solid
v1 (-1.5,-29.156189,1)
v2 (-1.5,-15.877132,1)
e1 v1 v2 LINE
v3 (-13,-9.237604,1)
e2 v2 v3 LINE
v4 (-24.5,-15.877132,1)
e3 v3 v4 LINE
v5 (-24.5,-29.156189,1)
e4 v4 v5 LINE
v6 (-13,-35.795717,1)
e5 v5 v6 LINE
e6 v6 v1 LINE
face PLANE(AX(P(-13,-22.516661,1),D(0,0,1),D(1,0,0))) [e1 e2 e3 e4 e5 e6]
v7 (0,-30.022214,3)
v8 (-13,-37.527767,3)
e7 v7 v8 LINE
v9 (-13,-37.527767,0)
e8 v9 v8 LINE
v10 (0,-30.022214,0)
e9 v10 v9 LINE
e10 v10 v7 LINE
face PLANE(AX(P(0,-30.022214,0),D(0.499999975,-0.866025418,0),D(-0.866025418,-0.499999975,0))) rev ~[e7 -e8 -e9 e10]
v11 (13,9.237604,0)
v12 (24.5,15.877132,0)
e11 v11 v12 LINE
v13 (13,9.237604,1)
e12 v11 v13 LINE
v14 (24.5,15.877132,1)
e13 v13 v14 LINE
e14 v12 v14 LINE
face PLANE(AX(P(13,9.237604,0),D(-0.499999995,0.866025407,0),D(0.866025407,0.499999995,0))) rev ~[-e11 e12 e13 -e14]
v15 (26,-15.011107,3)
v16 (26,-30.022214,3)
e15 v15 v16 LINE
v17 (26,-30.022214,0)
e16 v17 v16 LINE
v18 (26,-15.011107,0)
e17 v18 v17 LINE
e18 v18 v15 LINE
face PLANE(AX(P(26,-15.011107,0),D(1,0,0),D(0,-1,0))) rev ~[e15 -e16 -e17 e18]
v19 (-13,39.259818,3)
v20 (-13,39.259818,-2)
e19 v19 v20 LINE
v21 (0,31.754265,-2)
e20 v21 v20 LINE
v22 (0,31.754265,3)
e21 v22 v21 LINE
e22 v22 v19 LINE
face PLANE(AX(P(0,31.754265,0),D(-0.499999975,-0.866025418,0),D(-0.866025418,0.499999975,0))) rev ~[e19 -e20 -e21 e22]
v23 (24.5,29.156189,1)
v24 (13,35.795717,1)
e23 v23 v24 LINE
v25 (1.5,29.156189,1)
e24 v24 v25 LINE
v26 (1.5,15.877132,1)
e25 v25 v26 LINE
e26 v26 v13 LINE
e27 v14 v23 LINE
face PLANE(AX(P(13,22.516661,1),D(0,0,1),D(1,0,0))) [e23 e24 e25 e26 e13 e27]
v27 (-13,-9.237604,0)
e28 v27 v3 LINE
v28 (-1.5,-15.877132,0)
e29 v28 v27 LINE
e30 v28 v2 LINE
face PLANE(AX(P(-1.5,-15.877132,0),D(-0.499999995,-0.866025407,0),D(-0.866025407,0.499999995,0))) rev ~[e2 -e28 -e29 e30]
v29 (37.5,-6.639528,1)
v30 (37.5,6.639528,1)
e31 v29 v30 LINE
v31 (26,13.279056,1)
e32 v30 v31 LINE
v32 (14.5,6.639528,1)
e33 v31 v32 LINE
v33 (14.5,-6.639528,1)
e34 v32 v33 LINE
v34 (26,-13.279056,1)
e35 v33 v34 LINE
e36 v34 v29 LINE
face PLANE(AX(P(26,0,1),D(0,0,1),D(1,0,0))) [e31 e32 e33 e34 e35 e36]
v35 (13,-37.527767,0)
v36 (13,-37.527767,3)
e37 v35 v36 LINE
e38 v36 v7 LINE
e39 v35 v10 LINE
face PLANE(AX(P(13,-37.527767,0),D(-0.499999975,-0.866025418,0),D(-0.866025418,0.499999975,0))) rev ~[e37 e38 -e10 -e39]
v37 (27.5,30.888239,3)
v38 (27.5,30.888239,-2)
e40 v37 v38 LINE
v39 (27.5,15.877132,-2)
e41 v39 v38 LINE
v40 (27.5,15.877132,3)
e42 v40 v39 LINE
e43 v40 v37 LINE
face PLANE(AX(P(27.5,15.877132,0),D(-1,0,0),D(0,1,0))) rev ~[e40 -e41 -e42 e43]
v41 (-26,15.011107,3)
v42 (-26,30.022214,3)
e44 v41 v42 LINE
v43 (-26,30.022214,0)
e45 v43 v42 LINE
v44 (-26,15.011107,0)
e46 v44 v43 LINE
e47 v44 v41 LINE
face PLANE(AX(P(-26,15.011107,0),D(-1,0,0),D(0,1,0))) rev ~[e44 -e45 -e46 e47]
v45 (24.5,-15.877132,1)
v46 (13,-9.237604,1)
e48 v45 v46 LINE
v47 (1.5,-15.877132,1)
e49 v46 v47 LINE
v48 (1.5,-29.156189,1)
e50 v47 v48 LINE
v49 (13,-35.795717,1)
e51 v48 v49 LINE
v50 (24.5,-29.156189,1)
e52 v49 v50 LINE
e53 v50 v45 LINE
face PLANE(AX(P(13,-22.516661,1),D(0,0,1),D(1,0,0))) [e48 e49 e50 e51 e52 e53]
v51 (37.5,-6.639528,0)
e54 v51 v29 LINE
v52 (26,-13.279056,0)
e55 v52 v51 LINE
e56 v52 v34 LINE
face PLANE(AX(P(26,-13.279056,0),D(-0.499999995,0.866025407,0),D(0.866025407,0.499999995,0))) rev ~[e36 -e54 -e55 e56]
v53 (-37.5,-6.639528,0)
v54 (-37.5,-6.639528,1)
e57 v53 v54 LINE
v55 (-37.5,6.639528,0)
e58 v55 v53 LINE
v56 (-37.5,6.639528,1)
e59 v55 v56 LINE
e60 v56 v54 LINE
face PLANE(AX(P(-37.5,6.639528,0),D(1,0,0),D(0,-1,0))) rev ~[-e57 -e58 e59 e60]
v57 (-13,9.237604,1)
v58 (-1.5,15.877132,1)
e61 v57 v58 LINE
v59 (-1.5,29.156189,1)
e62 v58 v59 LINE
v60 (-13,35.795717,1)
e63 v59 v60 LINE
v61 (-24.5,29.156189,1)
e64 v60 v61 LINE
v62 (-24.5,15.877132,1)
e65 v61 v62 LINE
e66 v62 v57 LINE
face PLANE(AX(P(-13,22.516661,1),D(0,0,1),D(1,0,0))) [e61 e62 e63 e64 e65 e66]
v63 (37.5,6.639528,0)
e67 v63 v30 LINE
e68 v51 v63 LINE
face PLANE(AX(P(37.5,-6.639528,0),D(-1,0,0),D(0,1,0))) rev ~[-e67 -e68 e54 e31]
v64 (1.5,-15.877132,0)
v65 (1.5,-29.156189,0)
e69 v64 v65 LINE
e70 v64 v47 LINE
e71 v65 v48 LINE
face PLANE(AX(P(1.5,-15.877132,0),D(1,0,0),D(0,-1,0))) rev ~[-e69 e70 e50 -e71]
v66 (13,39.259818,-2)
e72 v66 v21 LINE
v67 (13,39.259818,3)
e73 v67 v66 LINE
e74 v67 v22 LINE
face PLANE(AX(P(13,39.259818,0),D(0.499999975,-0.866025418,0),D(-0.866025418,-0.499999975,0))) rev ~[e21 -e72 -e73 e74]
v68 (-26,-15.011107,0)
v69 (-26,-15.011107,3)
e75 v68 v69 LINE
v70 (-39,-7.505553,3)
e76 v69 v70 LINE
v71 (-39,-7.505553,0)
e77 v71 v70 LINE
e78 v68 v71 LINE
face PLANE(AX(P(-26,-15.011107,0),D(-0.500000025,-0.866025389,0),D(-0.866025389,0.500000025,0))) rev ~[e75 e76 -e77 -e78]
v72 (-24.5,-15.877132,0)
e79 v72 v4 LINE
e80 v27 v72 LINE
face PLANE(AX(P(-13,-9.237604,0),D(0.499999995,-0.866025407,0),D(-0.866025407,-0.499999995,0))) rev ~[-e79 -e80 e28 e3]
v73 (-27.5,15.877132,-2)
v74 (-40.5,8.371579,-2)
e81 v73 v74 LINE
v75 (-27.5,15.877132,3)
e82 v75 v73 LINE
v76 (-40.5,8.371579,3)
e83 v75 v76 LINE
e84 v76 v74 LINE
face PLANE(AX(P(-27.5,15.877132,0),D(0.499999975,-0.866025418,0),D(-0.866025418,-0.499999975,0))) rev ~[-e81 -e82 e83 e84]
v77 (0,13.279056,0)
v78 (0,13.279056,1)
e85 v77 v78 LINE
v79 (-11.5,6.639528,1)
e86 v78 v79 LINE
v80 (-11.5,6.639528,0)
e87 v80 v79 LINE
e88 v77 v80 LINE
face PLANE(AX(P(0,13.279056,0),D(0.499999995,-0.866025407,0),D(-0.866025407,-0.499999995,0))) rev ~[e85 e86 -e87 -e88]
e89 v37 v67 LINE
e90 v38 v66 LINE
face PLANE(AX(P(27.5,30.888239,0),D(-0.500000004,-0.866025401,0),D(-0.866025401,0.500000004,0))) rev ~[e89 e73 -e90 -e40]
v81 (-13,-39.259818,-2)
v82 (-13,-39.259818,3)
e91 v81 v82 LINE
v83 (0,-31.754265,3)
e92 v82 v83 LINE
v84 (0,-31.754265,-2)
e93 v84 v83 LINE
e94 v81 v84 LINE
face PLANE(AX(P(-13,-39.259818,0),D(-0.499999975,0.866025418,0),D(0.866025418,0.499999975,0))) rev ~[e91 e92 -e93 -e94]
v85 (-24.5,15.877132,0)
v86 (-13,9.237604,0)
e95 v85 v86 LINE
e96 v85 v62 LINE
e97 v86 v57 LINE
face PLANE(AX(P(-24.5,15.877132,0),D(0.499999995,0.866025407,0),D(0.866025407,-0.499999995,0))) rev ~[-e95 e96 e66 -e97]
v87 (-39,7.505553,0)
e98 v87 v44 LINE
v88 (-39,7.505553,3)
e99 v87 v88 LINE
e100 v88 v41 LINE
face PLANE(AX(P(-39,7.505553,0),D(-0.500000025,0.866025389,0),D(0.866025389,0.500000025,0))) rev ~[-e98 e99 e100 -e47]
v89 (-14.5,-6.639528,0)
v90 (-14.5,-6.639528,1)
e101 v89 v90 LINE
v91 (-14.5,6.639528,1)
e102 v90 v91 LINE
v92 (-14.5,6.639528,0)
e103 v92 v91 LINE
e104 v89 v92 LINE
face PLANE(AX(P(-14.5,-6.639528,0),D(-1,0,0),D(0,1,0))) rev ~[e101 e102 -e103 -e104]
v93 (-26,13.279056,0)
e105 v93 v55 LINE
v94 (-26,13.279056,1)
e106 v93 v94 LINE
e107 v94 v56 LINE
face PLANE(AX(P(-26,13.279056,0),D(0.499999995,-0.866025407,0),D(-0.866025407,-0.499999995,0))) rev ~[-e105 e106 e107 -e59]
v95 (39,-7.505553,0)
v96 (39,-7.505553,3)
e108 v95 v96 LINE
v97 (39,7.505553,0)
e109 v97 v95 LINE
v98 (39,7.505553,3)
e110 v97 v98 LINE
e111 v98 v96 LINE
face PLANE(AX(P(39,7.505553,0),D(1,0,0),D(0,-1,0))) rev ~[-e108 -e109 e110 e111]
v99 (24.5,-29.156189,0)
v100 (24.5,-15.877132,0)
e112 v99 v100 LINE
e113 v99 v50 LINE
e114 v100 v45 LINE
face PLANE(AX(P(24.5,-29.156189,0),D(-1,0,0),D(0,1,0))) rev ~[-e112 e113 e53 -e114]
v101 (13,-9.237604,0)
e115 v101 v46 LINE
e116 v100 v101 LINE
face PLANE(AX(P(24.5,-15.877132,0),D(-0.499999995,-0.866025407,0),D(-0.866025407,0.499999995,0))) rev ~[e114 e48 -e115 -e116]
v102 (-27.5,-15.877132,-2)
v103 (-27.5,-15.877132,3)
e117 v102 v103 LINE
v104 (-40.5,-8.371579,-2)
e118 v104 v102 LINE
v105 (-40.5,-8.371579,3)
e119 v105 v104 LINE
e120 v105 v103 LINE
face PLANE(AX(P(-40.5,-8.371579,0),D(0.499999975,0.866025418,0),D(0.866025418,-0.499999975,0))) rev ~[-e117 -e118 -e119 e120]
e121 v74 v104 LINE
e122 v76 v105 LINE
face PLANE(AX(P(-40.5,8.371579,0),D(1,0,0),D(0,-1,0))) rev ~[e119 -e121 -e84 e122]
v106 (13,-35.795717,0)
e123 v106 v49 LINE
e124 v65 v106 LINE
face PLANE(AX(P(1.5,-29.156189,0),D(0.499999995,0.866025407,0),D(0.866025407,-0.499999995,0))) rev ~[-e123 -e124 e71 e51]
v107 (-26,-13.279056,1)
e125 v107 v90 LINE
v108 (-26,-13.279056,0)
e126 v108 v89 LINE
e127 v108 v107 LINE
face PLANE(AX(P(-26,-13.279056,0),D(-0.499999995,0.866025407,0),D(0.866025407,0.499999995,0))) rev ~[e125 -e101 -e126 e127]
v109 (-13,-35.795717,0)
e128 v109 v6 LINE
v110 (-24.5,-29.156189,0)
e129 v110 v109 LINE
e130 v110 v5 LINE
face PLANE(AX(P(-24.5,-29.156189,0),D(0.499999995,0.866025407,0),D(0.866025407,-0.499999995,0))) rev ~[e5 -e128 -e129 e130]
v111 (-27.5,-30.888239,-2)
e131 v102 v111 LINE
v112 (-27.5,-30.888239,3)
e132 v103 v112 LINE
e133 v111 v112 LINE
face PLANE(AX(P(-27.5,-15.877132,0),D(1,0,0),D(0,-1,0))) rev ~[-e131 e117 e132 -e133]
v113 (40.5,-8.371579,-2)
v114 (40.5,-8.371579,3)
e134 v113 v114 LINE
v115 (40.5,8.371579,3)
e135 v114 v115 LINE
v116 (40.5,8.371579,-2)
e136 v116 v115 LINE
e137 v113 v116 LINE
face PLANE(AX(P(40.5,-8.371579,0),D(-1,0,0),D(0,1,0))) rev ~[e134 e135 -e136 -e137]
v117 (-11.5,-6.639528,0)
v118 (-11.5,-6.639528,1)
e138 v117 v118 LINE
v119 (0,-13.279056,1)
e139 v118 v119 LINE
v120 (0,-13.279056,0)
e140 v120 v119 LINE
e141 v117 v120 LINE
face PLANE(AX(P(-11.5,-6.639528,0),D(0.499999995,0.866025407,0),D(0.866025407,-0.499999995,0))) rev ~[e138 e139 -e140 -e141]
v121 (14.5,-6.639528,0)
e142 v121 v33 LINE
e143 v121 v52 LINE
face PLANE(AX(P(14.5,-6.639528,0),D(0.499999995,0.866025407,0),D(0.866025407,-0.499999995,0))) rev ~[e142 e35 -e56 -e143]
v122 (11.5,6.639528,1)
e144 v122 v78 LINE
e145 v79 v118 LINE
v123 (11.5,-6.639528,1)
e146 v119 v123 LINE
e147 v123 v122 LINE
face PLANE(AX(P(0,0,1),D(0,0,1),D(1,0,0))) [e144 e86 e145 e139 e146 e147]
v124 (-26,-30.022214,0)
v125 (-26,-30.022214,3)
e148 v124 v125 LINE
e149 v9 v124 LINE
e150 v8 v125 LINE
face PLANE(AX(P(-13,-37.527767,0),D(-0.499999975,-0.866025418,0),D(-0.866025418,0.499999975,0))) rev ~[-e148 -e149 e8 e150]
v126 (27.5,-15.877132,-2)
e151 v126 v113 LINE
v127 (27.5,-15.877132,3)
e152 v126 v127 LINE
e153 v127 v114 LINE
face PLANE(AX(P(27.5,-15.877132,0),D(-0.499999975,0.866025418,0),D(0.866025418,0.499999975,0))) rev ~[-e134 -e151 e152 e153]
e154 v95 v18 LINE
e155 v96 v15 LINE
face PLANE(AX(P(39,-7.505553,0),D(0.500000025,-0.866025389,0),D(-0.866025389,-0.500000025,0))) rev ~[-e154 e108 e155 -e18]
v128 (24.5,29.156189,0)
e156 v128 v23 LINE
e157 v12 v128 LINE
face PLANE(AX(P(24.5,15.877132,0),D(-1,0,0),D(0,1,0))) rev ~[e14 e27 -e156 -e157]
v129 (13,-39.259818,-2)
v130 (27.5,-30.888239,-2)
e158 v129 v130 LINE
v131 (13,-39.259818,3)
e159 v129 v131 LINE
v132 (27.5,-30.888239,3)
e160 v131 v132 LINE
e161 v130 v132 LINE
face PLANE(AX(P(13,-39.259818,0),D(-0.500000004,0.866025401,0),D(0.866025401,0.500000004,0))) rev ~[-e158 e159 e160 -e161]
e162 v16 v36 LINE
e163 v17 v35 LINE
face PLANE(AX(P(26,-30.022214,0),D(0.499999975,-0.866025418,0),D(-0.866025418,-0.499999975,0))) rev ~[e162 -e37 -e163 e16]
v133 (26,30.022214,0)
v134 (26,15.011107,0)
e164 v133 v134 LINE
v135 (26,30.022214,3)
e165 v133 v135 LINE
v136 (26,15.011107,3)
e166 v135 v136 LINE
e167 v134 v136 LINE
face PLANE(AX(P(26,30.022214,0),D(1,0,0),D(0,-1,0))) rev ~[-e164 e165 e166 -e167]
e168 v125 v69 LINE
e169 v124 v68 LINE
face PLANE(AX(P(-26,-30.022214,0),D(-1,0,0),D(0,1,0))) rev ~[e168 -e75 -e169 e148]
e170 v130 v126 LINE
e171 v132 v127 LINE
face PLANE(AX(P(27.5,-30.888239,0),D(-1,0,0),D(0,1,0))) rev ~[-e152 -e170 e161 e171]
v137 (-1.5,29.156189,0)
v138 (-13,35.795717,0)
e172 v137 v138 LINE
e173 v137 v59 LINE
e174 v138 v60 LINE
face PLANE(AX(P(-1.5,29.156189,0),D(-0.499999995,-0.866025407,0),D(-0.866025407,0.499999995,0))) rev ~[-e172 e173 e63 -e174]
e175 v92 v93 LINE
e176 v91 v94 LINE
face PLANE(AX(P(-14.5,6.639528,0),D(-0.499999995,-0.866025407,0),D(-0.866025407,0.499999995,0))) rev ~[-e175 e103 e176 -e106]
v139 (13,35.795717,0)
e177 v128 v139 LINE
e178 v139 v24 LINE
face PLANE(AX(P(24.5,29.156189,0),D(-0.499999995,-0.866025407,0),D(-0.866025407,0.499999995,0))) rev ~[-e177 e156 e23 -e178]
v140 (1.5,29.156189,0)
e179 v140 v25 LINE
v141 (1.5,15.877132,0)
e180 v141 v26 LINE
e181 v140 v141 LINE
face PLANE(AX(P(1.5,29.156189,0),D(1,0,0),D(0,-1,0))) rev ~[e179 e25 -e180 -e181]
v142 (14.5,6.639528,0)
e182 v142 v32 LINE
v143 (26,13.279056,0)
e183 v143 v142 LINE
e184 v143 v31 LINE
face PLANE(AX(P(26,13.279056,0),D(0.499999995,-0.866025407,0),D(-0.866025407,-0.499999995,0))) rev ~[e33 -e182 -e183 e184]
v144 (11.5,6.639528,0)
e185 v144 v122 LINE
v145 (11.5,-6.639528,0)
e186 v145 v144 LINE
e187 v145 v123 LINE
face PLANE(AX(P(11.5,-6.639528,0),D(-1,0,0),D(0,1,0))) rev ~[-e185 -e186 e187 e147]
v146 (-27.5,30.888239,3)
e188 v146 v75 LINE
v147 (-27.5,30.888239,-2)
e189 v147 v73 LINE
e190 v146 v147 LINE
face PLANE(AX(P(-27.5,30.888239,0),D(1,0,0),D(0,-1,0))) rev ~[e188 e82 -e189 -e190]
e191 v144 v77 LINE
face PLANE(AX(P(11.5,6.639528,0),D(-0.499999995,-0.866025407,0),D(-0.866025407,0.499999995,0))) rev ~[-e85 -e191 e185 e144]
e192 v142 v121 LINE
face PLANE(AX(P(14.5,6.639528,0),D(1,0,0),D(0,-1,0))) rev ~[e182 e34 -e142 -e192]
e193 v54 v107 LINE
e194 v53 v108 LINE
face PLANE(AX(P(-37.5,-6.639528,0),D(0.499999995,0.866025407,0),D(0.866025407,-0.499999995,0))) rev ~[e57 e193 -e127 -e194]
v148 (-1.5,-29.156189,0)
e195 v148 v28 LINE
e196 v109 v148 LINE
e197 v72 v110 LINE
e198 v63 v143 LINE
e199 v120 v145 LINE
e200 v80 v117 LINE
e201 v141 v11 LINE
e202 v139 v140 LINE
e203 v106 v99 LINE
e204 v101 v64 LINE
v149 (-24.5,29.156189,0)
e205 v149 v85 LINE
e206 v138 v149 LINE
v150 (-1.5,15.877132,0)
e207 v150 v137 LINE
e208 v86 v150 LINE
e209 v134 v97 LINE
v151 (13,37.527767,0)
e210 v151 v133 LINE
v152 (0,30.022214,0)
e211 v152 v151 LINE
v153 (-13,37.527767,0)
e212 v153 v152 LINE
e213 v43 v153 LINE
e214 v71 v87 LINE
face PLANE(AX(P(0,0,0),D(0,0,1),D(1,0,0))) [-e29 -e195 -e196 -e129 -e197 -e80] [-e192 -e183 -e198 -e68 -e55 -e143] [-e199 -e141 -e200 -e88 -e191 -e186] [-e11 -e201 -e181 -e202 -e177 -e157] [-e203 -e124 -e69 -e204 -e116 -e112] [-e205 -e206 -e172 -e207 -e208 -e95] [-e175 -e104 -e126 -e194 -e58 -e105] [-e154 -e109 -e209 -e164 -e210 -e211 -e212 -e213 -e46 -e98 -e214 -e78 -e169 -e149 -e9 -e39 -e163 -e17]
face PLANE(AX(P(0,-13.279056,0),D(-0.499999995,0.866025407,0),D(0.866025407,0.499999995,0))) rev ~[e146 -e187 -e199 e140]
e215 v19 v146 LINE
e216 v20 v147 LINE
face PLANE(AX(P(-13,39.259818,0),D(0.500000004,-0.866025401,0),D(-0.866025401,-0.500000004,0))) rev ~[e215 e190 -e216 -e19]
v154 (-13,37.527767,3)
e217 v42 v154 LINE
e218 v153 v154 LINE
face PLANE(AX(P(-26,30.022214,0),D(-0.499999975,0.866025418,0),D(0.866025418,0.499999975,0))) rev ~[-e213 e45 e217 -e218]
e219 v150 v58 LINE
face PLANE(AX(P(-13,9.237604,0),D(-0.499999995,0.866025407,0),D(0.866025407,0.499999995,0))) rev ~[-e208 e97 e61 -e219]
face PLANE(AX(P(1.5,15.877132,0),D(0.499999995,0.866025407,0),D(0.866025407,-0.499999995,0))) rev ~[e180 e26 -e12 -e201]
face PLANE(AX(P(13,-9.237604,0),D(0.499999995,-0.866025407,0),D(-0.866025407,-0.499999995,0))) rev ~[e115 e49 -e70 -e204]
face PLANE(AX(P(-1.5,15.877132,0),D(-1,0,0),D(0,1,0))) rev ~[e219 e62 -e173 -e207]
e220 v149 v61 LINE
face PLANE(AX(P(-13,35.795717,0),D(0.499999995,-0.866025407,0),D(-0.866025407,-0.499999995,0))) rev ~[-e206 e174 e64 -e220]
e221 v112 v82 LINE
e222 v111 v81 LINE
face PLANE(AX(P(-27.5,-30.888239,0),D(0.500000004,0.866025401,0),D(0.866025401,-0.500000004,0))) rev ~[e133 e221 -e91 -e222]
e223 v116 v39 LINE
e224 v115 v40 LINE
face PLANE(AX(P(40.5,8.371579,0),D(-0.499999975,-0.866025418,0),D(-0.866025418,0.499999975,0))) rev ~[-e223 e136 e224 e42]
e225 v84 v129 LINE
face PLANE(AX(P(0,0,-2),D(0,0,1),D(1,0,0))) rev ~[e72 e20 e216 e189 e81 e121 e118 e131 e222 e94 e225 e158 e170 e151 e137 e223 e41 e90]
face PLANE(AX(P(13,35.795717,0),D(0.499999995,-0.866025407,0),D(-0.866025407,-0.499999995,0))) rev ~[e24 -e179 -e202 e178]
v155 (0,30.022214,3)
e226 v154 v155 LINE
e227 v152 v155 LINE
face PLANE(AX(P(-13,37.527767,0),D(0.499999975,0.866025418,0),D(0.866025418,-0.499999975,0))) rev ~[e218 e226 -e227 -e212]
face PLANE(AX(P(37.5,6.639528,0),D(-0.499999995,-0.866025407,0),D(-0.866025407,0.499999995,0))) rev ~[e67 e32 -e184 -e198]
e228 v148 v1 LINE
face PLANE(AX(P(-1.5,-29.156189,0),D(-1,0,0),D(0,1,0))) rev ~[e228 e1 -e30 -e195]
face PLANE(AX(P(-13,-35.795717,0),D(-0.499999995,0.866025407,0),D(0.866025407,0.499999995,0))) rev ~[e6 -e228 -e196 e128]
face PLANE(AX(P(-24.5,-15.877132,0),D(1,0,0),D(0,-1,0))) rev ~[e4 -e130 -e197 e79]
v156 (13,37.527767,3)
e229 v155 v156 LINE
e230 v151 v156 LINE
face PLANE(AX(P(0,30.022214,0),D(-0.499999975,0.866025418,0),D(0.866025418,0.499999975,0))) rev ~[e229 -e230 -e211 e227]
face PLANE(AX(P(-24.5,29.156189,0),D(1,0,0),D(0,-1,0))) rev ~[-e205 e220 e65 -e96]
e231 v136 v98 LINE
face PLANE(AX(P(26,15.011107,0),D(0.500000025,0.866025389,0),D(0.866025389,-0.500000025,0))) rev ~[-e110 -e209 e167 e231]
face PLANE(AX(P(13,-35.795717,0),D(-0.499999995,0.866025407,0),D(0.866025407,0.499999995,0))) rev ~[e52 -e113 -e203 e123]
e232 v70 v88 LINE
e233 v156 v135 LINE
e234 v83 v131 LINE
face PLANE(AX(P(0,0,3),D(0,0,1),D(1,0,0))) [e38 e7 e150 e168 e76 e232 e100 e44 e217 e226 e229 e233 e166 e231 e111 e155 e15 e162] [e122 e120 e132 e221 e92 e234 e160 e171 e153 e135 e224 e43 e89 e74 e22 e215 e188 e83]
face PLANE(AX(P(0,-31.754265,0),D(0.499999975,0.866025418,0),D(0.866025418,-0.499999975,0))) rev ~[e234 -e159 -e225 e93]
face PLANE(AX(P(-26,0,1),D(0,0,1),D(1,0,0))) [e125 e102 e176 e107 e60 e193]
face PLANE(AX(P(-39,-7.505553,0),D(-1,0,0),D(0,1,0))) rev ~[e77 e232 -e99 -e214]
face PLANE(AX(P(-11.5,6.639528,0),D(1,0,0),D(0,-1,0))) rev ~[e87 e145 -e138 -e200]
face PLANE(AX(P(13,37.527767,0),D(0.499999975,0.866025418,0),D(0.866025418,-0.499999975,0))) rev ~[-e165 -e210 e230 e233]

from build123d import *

# Parameters (mm, degrees)
F1_DEPTH = 2
F2_DEPTH = 1
F3_DEPTH = 3


with BuildPart() as f1:
    # F0 (on Top) → F1 (new body)
    with BuildSketch(Plane.XY):
        Polygon((-40.5, -8.371579), (-27.5, -15.877132), (-27.5, -30.888239), (-13, -39.259818), (0, -31.754265), (13, -39.259818), (27.5, -30.888239), (27.5, -15.877132), (40.5, -8.371579), (40.5, 8.371579), (27.5, 15.877132), (27.5, 30.888239), (13, 39.259818), (0, 31.754265), (-13, 39.259818), (-27.5, 30.888239), (-27.5, 15.877132), (-40.5, 8.371579), align=None)
        Polygon((-39, -7.505553), (-39, 7.505553), (-26, 15.011107), (-26, 30.022214), (-13, 37.527767), (0, 30.022214), (13, 37.527767), (26, 30.022214), (26, 15.011107), (39, 7.505553), (39, -7.505553), (26, -15.011107), (26, -30.022214), (13, -37.527767), (0, -30.022214), (-13, -37.527767), (-26, -30.022214), (-26, -15.011107), align=None, mode=Mode.SUBTRACT)
        Polygon((-26, 15.011107), (-39, 7.505553), (-39, -7.505553), (-26, -15.011107), (-26, -30.022214), (-13, -37.527767), (0, -30.022214), (13, -37.527767), (26, -30.022214), (26, -15.011107), (39, -7.505553), (39, 7.505553), (26, 15.011107), (26, 30.022214), (13, 37.527767), (0, 30.022214), (-13, 37.527767), (-26, 30.022214), align=None)
        Polygon((-13, -35.795717), (-24.5, -29.156189), (-24.5, -15.877132), (-13, -9.237604), (-1.5, -15.877132), (-1.5, -29.156189), align=None, mode=Mode.SUBTRACT)
        Polygon((-26, -13.279056), (-37.5, -6.639528), (-37.5, 6.639528), (-26, 13.279056), (-14.5, 6.639528), (-14.5, -6.639528), align=None, mode=Mode.SUBTRACT)
        Polygon((13, -9.237604), (24.5, -15.877132), (24.5, -29.156189), (13, -35.795717), (1.5, -29.156189), (1.5, -15.877132), align=None, mode=Mode.SUBTRACT)
        Polygon((0, 13.279056), (11.5, 6.639528), (11.5, -6.639528), (0, -13.279056), (-11.5, -6.639528), (-11.5, 6.639528), align=None, mode=Mode.SUBTRACT)
        Polygon((26, 13.279056), (37.5, 6.639528), (37.5, -6.639528), (26, -13.279056), (14.5, -6.639528), (14.5, 6.639528), align=None, mode=Mode.SUBTRACT)
        Polygon((-13, 35.795717), (-1.5, 29.156189), (-1.5, 15.877132), (-13, 9.237604), (-24.5, 15.877132), (-24.5, 29.156189), align=None, mode=Mode.SUBTRACT)
        Polygon((13, 35.795717), (24.5, 29.156189), (24.5, 15.877132), (13, 9.237604), (1.5, 15.877132), (1.5, 29.156189), align=None, mode=Mode.SUBTRACT)
        Polygon((-37.5, 6.639528), (-37.5, -6.639528), (-26, -13.279056), (-14.5, -6.639528), (-14.5, 6.639528), (-26, 13.279056), align=None)
        Polygon((-1.5, 15.877132), (-1.5, 29.156189), (-13, 35.795717), (-24.5, 29.156189), (-24.5, 15.877132), (-13, 9.237604), align=None)
        Polygon((24.5, 15.877132), (24.5, 29.156189), (13, 35.795717), (1.5, 29.156189), (1.5, 15.877132), (13, 9.237604), align=None)
        Polygon((24.5, -29.156189), (24.5, -15.877132), (13, -9.237604), (1.5, -15.877132), (1.5, -29.156189), (13, -35.795717), align=None)
        Polygon((-24.5, -15.877132), (-24.5, -29.156189), (-13, -35.795717), (-1.5, -29.156189), (-1.5, -15.877132), (-13, -9.237604), align=None)
        Polygon((11.5, -6.639528), (11.5, 6.639528), (0, 13.279056), (-11.5, 6.639528), (-11.5, -6.639528), (0, -13.279056), align=None)
        Polygon((37.5, -6.639528), (37.5, 6.639528), (26, 13.279056), (14.5, 6.639528), (14.5, -6.639528), (26, -13.279056), align=None)
    extrude(amount=-F1_DEPTH)

    # F0 (on Top) → F2 (join)
    with BuildSketch(Plane.XY):
        Polygon((-37.5, 6.639528), (-37.5, -6.639528), (-26, -13.279056), (-14.5, -6.639528), (-14.5, 6.639528), (-26, 13.279056), align=None)
        Polygon((-1.5, 15.877132), (-1.5, 29.156189), (-13, 35.795717), (-24.5, 29.156189), (-24.5, 15.877132), (-13, 9.237604), align=None)
        Polygon((24.5, 15.877132), (24.5, 29.156189), (13, 35.795717), (1.5, 29.156189), (1.5, 15.877132), (13, 9.237604), align=None)
        Polygon((37.5, -6.639528), (37.5, 6.639528), (26, 13.279056), (14.5, 6.639528), (14.5, -6.639528), (26, -13.279056), align=None)
        Polygon((24.5, -29.156189), (24.5, -15.877132), (13, -9.237604), (1.5, -15.877132), (1.5, -29.156189), (13, -35.795717), align=None)
        Polygon((-24.5, -15.877132), (-24.5, -29.156189), (-13, -35.795717), (-1.5, -29.156189), (-1.5, -15.877132), (-13, -9.237604), align=None)
        Polygon((11.5, -6.639528), (11.5, 6.639528), (0, 13.279056), (-11.5, 6.639528), (-11.5, -6.639528), (0, -13.279056), align=None)
    extrude(amount=F2_DEPTH)

    # F0 (on Top) → F3 (join)
    with BuildSketch(Plane.XY):
        Polygon((-40.5, -8.371579), (-27.5, -15.877132), (-27.5, -30.888239), (-13, -39.259818), (0, -31.754265), (13, -39.259818), (27.5, -30.888239), (27.5, -15.877132), (40.5, -8.371579), (40.5, 8.371579), (27.5, 15.877132), (27.5, 30.888239), (13, 39.259818), (0, 31.754265), (-13, 39.259818), (-27.5, 30.888239), (-27.5, 15.877132), (-40.5, 8.371579), align=None)
        Polygon((-39, -7.505553), (-39, 7.505553), (-26, 15.011107), (-26, 30.022214), (-13, 37.527767), (0, 30.022214), (13, 37.527767), (26, 30.022214), (26, 15.011107), (39, 7.505553), (39, -7.505553), (26, -15.011107), (26, -30.022214), (13, -37.527767), (0, -30.022214), (-13, -37.527767), (-26, -30.022214), (-26, -15.011107), align=None, mode=Mode.SUBTRACT)
    extrude(amount=F3_DEPTH)


solid = f1.part
